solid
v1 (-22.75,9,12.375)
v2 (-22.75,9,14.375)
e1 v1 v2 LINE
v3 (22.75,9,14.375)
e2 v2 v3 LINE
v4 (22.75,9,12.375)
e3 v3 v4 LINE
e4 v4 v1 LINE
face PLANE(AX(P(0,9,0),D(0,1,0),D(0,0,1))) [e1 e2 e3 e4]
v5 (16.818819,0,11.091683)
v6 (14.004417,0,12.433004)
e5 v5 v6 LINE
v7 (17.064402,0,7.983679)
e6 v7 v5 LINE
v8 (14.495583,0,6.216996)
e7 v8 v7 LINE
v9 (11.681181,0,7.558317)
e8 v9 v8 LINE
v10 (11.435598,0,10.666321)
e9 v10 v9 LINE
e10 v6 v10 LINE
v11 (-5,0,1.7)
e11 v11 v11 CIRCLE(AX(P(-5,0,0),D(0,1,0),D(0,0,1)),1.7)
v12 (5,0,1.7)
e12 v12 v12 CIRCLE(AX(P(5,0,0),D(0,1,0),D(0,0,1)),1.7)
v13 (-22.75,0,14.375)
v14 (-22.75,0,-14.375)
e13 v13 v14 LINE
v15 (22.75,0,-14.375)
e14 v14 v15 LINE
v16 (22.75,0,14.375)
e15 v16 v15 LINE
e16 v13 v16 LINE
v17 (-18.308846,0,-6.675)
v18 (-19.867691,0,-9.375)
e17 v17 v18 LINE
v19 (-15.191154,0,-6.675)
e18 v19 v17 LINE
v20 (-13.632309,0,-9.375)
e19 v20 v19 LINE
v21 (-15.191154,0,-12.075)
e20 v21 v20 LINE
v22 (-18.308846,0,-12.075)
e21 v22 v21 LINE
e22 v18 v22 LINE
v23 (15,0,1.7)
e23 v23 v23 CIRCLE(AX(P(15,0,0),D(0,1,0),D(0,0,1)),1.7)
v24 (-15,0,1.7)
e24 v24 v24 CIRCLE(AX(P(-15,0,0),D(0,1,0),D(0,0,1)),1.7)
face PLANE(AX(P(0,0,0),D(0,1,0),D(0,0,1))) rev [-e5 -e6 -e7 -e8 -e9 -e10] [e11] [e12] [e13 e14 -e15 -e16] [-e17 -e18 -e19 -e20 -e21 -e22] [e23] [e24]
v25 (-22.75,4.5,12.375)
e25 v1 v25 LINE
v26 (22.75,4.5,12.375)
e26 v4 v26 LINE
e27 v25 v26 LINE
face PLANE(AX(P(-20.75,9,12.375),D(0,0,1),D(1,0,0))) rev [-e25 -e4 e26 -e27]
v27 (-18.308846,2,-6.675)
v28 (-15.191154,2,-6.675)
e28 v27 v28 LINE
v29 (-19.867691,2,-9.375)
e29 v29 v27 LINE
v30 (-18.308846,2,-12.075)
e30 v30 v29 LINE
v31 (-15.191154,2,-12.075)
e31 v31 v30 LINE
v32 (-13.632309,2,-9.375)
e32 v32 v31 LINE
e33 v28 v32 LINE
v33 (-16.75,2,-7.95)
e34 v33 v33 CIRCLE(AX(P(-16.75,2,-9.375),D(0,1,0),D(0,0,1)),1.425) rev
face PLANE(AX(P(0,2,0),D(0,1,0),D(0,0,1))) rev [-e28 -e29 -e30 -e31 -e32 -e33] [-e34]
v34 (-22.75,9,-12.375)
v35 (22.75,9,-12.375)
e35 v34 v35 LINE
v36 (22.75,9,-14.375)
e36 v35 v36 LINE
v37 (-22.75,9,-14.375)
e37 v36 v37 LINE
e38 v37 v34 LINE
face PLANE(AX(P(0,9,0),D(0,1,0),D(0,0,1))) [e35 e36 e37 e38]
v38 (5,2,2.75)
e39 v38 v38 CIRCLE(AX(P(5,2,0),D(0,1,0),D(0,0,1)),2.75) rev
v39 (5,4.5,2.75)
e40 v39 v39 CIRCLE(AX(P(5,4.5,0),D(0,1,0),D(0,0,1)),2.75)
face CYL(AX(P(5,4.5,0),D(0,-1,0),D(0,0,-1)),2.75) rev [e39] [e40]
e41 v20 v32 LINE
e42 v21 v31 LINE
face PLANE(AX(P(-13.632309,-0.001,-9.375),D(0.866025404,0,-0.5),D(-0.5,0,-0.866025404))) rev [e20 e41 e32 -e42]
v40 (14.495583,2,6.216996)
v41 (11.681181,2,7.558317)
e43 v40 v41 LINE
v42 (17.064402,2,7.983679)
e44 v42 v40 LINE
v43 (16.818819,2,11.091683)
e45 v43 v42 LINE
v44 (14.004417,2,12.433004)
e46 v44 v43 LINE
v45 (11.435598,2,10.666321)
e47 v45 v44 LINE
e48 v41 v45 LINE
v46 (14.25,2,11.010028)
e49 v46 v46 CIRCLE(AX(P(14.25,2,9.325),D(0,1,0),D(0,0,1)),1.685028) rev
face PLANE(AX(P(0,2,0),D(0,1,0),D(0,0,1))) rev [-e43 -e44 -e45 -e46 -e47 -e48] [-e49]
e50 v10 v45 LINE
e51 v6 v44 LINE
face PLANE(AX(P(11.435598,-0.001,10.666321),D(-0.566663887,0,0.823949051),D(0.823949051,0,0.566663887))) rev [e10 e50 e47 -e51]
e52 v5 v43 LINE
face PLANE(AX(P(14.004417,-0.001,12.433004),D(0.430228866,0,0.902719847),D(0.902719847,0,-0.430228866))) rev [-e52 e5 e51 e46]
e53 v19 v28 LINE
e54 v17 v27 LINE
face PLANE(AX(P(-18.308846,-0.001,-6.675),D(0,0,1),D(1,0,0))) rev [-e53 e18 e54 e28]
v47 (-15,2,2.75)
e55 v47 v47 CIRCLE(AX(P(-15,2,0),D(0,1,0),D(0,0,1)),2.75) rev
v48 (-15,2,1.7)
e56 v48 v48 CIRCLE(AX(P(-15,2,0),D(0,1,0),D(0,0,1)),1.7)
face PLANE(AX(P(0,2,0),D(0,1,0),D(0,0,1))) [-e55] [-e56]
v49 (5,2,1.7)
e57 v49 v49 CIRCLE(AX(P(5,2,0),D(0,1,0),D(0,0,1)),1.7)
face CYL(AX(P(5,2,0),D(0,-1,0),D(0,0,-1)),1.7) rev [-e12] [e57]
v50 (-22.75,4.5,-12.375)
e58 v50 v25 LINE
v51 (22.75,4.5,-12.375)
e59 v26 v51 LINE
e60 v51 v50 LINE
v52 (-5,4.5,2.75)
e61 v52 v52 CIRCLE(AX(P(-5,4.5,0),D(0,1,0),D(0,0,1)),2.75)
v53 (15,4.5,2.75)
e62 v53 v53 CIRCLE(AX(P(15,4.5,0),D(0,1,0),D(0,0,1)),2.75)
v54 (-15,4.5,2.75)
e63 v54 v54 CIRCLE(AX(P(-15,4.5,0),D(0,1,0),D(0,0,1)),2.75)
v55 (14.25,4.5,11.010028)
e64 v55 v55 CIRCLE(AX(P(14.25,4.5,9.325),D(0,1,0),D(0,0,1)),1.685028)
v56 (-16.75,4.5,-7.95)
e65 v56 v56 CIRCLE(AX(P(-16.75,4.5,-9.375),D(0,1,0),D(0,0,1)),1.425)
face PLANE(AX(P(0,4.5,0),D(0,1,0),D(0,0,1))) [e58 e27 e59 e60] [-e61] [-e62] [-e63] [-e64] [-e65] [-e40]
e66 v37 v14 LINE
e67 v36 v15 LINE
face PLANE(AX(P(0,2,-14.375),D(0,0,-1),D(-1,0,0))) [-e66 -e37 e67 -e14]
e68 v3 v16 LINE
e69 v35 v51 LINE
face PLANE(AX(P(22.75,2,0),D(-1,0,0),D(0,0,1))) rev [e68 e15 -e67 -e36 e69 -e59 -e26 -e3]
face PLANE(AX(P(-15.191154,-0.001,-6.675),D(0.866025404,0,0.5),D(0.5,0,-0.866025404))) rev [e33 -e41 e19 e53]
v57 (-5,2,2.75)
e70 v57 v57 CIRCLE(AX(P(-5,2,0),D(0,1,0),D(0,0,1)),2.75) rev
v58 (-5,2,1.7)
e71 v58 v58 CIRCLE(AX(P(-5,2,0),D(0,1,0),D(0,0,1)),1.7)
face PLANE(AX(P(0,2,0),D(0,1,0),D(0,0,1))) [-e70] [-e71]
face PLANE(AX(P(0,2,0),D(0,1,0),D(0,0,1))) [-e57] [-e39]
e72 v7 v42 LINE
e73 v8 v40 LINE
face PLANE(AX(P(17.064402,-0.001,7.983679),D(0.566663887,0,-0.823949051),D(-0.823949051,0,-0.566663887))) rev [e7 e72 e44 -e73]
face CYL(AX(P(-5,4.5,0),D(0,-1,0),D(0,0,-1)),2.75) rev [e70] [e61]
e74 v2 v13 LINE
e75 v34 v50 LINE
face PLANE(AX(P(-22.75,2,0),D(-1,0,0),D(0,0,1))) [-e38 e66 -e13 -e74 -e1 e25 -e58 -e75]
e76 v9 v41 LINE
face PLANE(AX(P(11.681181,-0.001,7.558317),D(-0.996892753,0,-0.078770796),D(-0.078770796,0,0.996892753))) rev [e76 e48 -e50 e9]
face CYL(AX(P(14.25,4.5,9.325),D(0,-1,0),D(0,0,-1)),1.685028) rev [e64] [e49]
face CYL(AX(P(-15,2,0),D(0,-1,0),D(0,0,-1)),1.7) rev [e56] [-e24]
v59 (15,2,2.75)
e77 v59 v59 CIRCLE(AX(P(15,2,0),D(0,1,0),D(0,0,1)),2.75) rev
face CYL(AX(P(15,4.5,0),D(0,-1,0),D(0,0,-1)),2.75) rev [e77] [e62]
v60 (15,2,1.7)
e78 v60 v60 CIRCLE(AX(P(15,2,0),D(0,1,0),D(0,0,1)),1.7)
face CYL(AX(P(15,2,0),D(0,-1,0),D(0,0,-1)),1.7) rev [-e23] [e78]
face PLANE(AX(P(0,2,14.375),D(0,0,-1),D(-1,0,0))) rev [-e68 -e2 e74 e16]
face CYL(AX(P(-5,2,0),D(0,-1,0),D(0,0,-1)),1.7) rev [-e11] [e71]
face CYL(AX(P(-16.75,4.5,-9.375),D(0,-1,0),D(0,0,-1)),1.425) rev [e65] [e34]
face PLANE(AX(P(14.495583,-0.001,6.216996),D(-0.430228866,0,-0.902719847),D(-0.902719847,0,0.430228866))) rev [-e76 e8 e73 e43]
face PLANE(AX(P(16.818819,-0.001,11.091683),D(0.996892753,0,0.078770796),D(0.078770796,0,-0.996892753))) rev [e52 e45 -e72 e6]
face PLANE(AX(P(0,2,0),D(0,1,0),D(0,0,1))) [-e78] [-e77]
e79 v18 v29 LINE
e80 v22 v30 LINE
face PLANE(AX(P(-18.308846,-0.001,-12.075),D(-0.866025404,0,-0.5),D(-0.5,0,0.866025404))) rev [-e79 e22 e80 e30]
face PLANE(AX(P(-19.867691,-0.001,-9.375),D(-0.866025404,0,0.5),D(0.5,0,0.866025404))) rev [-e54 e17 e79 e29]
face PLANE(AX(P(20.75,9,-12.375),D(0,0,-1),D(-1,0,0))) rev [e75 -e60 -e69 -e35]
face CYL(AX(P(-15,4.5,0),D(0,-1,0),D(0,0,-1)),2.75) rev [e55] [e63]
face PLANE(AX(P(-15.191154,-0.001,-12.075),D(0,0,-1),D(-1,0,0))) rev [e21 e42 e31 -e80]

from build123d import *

# Parameters (mm, degrees)
SKETCH1_W           = 45.5
SKETCH1_H           = 28.75
SKETCH1_R           = 1.7
BOSS_EXTRUDE1_DEPTH = 2
BOSS_EXTRUDE2_DEPTH = 7
SKETCH3_W           = 45.5
SKETCH3_H           = 8
SKETCH3_R           = 1.425
SKETCH3_R_2         = 1.685028189
BOSS_EXTRUDE3_DEPTH = 2.5
CUT_EXTRUDE1_REACH  = 29.807


with BuildPart() as part:
    # Sketch1 → Boss-Extrude1 (new body)
    with BuildSketch(Plane(origin=(0, 0, 0), x_dir=(1, 0, 0), z_dir=(0, 1, 0))):
        Rectangle(SKETCH1_W, SKETCH1_H)
        with Locations(Location((-15, 0, 0), (0, 0, 270))):
            Circle(SKETCH1_R, mode=Mode.SUBTRACT)
        with Locations(Location((-5, 0, 0), (0, 0, 270))):
            Circle(SKETCH1_R, mode=Mode.SUBTRACT)
        with Locations(Location((5, 0, 0), (0, 0, 270))):
            Circle(SKETCH1_R, mode=Mode.SUBTRACT)
        with Locations(Location((15, 0, 0), (0, 0, 270))):
            Circle(SKETCH1_R, mode=Mode.SUBTRACT)
    extrude(amount=BOSS_EXTRUDE1_DEPTH)

    # Sketch2 → Boss-Extrude2 (add)
    with BuildSketch(Plane(origin=(0, 2, 0), x_dir=(1, 0, 0), z_dir=(0, 1, 0))):
        Polygon((-22.75, 14.375), (22.75, 14.375), (22.75, 12.375), (20.75, 12.375), (-20.75, 12.375), (-22.75, 12.375), align=None)
        Polygon((-22.75, -14.375), (22.75, -14.375), (22.75, -12.375), (20.75, -12.375), (-20.75, -12.375), (-22.75, -12.375), align=None)
    extrude(amount=BOSS_EXTRUDE2_DEPTH)

    # Sketch3 → Boss-Extrude3 (add)
    # profile 1 of 4: a face of its own
    with BuildSketch(Plane(origin=(0, 2, 0), x_dir=(1, 0, 0), z_dir=(0, 1, 0))):
        with Locations((0, 8.375)):
            Rectangle(SKETCH3_W, SKETCH3_H)
        with Locations(Location((-16.75, 9.375, 0), (0, 0, 270))):
            Circle(SKETCH3_R, mode=Mode.SUBTRACT)
    # profile 2 of 4: a face of its own
    with BuildSketch(Plane(origin=(0, 2, 0), x_dir=(1, 0, 0), z_dir=(0, 1, 0))):
        with BuildLine():
            Line((22.75, 4.375), (-22.75, 4.375))
            Line((-22.75, 4.375), (-22.75, 0))
            Line((-22.75, 0), (-17.75, 0))
            ThreePointArc((-17.75, 0), (-15, 2.75), (-12.25, 0))
            Line((-12.25, 0), (-7.75, 0))
            ThreePointArc((-7.75, 0), (-5, 2.75), (-2.25, 0))
            Line((-2.25, 0), (2.25, 0))
            ThreePointArc((2.25, 0), (5, 2.75), (7.75, 0))
            Line((7.75, 0), (12.25, 0))
            ThreePointArc((12.25, 0), (15, 2.75), (17.75, 0))
            Line((17.75, 0), (22.75, 0))
            Line((22.75, 0), (22.75, 4.375))
        make_face()
    # profile 3 of 4: a face of its own
    with BuildSketch(Plane(origin=(0, 2, 0), x_dir=(1, 0, 0), z_dir=(0, 1, 0))):
        with BuildLine():
            Line((-17.75, 0), (-22.75, 0))
            Line((-22.75, 0), (-22.75, -4.375))
            Line((-22.75, -4.375), (22.75, -4.375))
            Line((22.75, -4.375), (22.75, 0))
            Line((22.75, 0), (17.75, 0))
            ThreePointArc((17.75, 0), (15, -2.75), (12.25, 0))
            Line((12.25, 0), (7.75, 0))
            ThreePointArc((7.75, 0), (5, -2.75), (2.25, 0))
            Line((2.25, 0), (-2.25, 0))
            ThreePointArc((-2.25, 0), (-5, -2.75), (-7.75, 0))
            Line((-7.75, 0), (-12.25, 0))
            ThreePointArc((-12.25, 0), (-15, -2.75), (-17.75, 0))
        make_face()
    # profile 4 of 4: a face of its own
    with BuildSketch(Plane(origin=(0, 2, 0), x_dir=(1, 0, 0), z_dir=(0, 1, 0))):
        with Locations((0, -8.375)):
            Rectangle(SKETCH3_W, SKETCH3_H)
        with Locations(Location((14.25, -9.325, 0), (0, 0, 270))):
            Circle(SKETCH3_R_2, mode=Mode.SUBTRACT)
    extrude(amount=BOSS_EXTRUDE3_DEPTH)

    # Sketch4 → Cut-Extrude1 (cut, up to next)
    with BuildSketch(Plane(origin=(0, 2, 0), x_dir=(1, 0, 0), z_dir=(0, 1, 0)), mode=Mode.PRIVATE) as cut_extrude1_sk1:
        Polygon((-19.867691454, 9.375), (-18.308845727, 6.675), (-15.191154273, 6.675), (-13.632308546, 9.375), (-15.191154273, 12.075), (-18.308845727, 12.075), align=None)
    cut_extrude1_tool1 = extrude(cut_extrude1_sk1.sketch, amount=-CUT_EXTRUDE1_REACH, mode=Mode.PRIVATE) & part.part
    # Sketch4 → Cut-Extrude1 (cut, up to next)
    with BuildSketch(Plane(origin=(0, 2, 0), x_dir=(1, 0, 0), z_dir=(0, 1, 0)), mode=Mode.PRIVATE) as cut_extrude1_sk2:
        Polygon((14.495583037, -6.216995983), (11.681181084, -7.558316843), (11.435598047, -10.66632086), (14.004416963, -12.433004017), (16.818818916, -11.091683157), (17.064401953, -7.98367914), align=None)
    cut_extrude1_tool2 = extrude(cut_extrude1_sk2.sketch, amount=-CUT_EXTRUDE1_REACH, mode=Mode.PRIVATE) & part.part
    add(cut_extrude1_tool1.solids().sort_by_distance((-16.75, 2, -9.375))[0], mode=Mode.SUBTRACT)
    add(cut_extrude1_tool2.solids().sort_by_distance((14.25, 2, 9.325))[0], mode=Mode.SUBTRACT)


solid = part.part
